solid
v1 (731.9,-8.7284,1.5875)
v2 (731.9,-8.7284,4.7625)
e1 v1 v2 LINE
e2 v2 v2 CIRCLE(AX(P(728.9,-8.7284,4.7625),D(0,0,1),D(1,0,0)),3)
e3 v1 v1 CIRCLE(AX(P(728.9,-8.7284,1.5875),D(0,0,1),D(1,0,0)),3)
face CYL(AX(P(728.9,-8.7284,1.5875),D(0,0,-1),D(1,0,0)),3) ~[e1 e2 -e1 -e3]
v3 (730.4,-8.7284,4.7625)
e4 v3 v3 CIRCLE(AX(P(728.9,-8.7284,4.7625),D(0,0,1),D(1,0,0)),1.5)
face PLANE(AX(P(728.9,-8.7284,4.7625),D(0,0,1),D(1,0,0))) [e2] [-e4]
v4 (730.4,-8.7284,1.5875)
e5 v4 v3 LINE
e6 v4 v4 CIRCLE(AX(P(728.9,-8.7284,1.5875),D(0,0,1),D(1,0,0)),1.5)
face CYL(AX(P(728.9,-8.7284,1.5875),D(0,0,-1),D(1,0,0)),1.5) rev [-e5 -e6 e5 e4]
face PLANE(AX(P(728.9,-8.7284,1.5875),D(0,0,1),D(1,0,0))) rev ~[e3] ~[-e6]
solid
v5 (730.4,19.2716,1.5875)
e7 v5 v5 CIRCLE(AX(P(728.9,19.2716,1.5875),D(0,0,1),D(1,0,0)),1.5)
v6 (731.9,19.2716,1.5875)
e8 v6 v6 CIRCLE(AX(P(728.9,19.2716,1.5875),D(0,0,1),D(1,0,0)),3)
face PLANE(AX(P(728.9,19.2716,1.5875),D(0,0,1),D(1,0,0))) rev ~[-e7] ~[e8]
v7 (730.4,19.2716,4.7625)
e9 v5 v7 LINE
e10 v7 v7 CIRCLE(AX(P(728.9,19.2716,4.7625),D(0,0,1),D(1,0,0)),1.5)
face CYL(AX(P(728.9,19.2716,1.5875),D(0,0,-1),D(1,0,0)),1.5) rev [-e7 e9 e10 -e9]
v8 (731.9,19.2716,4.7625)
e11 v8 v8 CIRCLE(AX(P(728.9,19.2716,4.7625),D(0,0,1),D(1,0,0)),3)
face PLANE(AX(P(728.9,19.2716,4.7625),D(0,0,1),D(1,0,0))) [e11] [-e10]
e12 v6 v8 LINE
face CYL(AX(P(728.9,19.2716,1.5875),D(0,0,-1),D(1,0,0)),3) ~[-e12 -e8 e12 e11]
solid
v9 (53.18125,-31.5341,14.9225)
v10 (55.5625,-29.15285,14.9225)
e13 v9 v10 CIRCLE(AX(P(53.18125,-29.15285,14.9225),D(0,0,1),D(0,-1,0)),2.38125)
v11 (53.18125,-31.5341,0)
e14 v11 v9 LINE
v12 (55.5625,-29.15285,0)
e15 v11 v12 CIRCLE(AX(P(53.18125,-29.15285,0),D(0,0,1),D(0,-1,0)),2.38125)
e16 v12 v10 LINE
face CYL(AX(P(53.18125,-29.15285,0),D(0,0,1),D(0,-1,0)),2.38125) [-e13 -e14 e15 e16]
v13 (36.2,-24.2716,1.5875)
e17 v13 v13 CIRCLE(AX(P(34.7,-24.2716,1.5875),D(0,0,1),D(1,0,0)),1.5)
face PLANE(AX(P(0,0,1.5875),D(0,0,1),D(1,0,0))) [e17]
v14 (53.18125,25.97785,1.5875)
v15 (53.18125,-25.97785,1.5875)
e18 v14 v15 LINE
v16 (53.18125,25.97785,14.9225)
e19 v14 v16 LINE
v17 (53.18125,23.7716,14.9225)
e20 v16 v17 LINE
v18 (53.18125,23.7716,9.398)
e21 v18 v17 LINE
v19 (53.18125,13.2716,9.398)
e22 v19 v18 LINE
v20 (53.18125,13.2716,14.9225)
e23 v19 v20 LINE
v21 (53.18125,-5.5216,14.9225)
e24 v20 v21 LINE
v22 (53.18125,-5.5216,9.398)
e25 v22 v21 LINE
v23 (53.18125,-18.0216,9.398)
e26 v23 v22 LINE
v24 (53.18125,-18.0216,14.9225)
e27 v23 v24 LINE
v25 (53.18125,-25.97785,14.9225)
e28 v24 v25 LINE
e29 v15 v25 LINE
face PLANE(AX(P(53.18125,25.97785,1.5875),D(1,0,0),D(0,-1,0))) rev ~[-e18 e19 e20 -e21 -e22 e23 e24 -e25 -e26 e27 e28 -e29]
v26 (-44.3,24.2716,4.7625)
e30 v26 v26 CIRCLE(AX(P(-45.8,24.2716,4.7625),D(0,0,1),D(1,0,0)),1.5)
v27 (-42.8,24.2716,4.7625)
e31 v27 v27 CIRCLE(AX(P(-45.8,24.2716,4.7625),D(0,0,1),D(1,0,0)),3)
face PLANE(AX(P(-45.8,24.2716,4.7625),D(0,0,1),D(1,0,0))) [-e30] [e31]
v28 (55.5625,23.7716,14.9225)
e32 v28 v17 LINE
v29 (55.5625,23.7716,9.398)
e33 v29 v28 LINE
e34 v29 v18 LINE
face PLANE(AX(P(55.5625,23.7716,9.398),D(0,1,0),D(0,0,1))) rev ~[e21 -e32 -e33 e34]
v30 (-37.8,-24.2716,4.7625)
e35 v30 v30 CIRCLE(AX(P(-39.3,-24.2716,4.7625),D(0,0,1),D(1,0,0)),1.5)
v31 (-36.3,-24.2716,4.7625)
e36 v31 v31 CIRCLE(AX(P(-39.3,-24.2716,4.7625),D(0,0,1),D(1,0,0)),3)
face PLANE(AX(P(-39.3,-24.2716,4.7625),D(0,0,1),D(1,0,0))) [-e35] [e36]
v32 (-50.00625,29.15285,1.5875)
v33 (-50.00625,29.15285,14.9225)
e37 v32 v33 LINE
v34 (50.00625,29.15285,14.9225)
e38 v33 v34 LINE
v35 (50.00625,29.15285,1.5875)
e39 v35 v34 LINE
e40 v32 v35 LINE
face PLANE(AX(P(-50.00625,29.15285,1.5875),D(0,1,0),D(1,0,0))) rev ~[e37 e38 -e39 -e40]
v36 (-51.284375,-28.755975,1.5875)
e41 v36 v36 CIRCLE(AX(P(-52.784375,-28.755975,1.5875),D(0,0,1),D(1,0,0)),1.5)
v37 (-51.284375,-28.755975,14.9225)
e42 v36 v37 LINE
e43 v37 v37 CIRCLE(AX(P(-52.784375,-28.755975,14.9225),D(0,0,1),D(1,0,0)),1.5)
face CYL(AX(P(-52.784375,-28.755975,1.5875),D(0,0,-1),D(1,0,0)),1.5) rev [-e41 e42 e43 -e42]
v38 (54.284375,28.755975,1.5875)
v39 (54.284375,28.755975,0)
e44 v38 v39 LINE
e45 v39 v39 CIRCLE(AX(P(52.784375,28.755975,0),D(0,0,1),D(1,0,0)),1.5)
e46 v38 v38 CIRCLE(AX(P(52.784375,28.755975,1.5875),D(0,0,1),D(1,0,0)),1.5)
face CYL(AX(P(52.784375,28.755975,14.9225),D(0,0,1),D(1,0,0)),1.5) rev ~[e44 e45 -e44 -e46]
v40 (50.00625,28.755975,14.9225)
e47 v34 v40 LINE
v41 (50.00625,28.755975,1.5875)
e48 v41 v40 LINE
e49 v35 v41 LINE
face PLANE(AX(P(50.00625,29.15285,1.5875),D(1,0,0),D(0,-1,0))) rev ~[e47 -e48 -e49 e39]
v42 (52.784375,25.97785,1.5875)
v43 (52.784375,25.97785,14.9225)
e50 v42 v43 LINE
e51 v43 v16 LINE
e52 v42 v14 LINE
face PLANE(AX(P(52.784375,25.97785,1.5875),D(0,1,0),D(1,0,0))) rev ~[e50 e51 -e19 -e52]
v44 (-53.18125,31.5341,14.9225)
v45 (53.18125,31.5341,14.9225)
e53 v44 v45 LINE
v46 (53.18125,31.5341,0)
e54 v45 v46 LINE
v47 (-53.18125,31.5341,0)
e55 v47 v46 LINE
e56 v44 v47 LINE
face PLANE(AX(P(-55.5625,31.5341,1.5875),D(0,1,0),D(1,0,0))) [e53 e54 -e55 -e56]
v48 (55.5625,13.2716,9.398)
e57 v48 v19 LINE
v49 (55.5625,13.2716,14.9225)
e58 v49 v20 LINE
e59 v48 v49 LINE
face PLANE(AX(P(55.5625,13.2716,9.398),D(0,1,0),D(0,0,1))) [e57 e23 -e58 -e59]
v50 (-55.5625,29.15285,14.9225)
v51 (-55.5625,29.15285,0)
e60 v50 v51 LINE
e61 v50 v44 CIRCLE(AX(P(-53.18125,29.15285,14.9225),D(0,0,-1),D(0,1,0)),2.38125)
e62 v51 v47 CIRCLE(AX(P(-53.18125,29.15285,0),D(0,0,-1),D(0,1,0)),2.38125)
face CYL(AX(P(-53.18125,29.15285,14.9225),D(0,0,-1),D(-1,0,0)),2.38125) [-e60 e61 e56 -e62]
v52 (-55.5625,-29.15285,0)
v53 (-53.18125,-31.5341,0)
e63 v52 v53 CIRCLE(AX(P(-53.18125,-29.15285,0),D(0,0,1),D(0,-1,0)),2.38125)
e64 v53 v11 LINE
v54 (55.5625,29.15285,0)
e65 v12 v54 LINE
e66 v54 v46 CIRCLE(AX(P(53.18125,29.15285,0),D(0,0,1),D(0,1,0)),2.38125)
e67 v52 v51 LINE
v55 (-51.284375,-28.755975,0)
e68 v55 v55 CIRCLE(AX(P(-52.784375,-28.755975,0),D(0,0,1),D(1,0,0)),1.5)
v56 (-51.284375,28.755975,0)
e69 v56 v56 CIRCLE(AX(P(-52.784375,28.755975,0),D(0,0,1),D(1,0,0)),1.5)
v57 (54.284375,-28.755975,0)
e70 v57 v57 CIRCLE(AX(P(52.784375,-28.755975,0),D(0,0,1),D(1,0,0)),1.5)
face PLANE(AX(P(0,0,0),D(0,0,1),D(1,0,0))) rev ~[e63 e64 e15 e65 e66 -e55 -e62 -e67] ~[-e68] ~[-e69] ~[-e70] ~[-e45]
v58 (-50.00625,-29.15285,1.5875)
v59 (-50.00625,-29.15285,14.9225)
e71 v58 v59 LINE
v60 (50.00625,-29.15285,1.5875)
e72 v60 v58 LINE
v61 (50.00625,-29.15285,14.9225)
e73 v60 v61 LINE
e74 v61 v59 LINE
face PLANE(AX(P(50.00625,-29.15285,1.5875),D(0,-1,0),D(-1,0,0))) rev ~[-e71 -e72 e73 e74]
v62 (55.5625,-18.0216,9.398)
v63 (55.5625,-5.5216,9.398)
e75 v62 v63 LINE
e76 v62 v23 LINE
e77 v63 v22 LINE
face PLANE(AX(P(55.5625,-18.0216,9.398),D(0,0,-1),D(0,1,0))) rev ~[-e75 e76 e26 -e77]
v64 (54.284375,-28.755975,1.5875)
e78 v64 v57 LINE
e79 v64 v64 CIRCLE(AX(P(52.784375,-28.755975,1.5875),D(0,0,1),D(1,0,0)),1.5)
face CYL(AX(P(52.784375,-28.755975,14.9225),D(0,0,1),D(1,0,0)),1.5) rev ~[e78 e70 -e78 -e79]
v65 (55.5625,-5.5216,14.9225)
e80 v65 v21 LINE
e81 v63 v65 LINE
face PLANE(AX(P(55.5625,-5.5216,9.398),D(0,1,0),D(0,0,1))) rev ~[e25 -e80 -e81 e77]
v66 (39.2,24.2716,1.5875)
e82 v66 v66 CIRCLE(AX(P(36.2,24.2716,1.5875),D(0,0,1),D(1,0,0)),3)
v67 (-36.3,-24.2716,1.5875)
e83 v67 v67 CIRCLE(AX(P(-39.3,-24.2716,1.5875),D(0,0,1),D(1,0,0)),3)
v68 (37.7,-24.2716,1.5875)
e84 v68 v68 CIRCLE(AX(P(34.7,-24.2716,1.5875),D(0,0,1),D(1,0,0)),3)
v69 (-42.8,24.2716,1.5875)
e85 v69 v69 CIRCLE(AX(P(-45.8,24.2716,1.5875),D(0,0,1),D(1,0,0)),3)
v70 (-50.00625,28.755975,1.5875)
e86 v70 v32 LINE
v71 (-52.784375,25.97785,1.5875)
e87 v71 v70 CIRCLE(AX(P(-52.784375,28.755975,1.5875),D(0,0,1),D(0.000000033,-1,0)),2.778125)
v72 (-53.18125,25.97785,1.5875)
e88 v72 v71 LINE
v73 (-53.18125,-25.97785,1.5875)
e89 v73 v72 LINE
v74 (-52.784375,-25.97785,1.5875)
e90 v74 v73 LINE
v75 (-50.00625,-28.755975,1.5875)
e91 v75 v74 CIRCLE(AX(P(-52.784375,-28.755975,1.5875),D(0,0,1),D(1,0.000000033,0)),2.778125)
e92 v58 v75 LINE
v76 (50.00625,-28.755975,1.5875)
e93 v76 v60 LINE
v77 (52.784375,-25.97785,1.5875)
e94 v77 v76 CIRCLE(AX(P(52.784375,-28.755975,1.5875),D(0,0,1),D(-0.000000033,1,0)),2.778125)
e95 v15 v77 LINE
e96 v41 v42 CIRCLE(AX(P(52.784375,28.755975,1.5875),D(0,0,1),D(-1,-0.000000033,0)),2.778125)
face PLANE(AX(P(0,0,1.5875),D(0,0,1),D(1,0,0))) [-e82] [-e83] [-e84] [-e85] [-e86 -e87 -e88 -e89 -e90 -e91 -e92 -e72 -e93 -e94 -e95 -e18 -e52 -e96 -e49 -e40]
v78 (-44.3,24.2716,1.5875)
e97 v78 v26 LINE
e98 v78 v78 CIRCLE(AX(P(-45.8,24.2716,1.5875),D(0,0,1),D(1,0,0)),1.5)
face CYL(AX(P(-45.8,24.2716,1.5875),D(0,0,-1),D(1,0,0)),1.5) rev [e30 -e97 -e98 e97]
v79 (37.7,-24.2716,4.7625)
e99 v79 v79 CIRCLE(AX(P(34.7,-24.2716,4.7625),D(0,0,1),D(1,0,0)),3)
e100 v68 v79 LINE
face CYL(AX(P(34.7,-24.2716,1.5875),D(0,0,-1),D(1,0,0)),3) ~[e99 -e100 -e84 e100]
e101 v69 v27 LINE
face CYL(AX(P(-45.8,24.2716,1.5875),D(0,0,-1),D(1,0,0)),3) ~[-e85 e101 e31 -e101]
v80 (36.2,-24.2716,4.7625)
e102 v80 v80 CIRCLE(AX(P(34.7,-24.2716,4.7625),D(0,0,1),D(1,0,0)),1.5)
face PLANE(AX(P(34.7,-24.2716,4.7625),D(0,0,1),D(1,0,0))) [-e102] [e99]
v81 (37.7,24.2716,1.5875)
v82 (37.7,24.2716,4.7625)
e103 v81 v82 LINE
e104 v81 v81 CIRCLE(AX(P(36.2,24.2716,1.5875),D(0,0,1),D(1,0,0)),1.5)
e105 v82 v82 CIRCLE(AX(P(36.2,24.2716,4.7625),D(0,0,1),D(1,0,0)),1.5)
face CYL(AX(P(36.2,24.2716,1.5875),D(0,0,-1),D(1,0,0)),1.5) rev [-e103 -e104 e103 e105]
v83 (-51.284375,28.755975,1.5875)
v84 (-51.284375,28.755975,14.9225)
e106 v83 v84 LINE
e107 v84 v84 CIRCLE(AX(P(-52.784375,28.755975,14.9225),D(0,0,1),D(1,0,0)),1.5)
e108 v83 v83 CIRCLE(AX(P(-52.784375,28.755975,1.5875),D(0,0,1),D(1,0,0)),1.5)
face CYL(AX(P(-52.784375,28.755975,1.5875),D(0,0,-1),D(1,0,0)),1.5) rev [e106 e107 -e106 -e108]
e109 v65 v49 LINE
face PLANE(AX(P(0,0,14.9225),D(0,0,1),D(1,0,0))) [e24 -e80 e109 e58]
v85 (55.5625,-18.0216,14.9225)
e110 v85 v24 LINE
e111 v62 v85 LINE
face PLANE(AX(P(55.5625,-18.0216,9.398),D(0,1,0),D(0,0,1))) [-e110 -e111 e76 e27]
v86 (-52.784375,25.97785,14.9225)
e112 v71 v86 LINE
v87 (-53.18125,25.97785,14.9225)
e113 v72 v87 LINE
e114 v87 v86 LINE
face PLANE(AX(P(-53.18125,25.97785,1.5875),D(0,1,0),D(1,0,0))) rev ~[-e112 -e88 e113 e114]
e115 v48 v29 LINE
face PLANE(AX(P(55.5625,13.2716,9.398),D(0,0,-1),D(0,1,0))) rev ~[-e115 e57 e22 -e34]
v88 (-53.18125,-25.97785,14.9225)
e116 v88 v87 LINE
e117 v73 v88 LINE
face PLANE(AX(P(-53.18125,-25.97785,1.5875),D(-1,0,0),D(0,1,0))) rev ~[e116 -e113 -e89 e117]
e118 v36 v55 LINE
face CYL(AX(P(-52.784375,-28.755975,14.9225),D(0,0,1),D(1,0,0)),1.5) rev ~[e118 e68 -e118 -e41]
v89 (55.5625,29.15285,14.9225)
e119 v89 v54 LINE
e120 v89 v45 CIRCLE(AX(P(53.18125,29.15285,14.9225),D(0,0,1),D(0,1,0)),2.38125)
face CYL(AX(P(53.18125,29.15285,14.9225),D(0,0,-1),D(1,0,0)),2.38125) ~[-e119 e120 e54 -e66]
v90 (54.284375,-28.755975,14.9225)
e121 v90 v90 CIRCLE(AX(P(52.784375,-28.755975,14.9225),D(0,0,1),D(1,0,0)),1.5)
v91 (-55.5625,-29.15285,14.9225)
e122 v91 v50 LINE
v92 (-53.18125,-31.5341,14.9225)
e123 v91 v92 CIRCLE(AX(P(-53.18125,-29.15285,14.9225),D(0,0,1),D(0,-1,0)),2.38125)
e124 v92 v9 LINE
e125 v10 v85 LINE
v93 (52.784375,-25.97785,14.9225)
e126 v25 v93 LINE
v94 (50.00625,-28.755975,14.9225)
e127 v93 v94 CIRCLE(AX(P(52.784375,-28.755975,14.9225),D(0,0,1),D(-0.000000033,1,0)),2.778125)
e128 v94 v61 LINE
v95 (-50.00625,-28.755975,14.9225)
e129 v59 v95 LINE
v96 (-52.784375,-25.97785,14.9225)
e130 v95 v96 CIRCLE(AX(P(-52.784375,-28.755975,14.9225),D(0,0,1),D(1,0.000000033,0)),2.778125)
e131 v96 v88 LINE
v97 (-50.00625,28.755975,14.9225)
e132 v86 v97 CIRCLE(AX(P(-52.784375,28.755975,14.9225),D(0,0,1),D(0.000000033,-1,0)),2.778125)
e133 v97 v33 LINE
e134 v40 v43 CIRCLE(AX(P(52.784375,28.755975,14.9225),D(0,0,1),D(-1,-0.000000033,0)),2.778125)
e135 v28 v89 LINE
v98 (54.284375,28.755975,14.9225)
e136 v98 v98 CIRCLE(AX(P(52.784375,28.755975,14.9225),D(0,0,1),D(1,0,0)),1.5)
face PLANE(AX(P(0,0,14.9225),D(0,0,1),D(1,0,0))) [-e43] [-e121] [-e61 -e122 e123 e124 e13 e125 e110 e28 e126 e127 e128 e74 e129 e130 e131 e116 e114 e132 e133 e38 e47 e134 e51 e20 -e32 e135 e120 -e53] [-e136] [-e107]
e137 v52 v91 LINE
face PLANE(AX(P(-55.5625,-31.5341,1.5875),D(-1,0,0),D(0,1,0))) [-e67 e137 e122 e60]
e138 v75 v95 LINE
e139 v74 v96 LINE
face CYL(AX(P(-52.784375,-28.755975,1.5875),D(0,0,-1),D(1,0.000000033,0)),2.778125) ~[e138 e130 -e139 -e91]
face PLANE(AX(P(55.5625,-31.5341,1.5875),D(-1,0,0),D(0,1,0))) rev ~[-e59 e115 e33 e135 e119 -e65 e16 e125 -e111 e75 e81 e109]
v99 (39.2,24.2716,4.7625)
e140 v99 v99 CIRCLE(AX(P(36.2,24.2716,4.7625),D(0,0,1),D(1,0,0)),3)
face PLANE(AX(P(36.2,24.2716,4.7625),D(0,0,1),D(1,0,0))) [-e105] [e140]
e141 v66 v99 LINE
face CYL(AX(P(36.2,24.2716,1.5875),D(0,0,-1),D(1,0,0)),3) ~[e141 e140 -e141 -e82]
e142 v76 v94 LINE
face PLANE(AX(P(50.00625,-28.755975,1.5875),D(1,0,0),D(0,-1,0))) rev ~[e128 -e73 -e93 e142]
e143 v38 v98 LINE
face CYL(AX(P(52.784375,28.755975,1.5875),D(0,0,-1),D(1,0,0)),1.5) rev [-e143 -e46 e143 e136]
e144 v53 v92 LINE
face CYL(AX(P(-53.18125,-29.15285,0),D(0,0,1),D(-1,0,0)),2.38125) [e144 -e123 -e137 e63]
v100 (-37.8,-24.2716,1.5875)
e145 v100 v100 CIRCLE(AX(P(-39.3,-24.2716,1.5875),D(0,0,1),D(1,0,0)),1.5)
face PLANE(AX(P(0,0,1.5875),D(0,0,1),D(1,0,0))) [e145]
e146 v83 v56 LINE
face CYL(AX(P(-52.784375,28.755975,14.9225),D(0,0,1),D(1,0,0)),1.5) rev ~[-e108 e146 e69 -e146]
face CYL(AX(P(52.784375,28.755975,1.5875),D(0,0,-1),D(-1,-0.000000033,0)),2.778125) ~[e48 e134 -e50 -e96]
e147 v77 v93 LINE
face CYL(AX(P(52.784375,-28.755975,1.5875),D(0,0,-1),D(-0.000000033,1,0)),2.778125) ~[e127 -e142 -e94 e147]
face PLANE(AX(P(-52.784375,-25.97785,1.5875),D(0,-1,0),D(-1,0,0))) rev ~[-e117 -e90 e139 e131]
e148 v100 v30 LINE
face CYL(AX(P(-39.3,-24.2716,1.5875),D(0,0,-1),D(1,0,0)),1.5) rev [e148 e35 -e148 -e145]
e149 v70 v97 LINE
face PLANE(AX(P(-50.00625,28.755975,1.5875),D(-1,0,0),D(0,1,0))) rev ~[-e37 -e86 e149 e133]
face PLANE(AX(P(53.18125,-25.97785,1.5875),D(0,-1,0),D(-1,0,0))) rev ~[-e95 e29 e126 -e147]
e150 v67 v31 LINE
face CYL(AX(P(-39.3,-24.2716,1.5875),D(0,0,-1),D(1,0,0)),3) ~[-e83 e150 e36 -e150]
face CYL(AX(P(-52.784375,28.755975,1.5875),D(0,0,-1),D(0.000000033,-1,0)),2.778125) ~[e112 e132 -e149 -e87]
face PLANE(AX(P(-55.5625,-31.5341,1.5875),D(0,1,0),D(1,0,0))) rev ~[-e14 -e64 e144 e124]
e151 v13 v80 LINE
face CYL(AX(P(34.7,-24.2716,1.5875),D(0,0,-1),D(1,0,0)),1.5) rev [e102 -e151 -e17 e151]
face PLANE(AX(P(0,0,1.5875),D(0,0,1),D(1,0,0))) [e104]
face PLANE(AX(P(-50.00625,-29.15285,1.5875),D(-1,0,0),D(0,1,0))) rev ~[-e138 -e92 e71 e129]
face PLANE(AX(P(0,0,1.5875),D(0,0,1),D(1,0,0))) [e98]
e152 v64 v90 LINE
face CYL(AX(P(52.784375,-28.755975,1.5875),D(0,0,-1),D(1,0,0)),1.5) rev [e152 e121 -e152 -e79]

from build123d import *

# Parameters (mm, degrees)
F1_W      = 111.125
F1_H      = 63.0682
F2_DEPTH  = 1.5875
F3_W      = 111.125
F3_H      = 63.0682
F3_R      = 1.5
F4_DEPTH  = 13.335
F5_R      = 2.38125
F6_W      = 12.5
F6_H      = 5.5245
F6_W_2    = 10.5
F7_DEPTH  = 2.38125
F8_R      = 3
F8_R_2    = 1.5
F9_DEPTH  = 3.175
F10_R     = 1.5
F11_DEPTH = 14.9235


with BuildPart() as f2:
    # F1 (on Top) → F2 (new body)
    with BuildSketch(Plane.XY):
        Rectangle(F1_W, F1_H)
    extrude(amount=F2_DEPTH)

    # F3 (on face) → F4 (join)
    with BuildSketch(Plane.XY.offset(1.5875)):
        Rectangle(F3_W, F3_H)
        with Locations((-52.784375, -28.755975)):
            Circle(F3_R, mode=Mode.SUBTRACT)
        with Locations((52.784375, -28.755975)):
            Circle(F3_R, mode=Mode.SUBTRACT)
        with BuildLine():
            Line((52.784375, 25.97785), (53.18125, 25.97785))
            Line((53.18125, 25.97785), (53.18125, -25.97785))
            Line((53.18125, -25.97785), (52.784375, -25.97785))
            ThreePointArc((52.784375, -25.97785), (50.819944, -26.791544), (50.00625, -28.755975))
            Line((50.00625, -28.755975), (50.00625, -29.15285))
            Line((50.00625, -29.15285), (-50.00625, -29.15285))
            Line((-50.00625, -29.15285), (-50.00625, -28.755975))
            ThreePointArc((-50.00625, -28.755975), (-50.819944, -26.791544), (-52.784375, -25.97785))
            Line((-52.784375, -25.97785), (-53.18125, -25.97785))
            Line((-53.18125, -25.97785), (-53.18125, 25.97785))
            Line((-53.18125, 25.97785), (-52.784375, 25.97785))
            ThreePointArc((-52.784375, 25.97785), (-50.819944, 26.791544), (-50.00625, 28.755975))
            Line((-50.00625, 28.755975), (-50.00625, 29.15285))
            Line((-50.00625, 29.15285), (50.00625, 29.15285))
            Line((50.00625, 29.15285), (50.00625, 28.755975))
            ThreePointArc((50.00625, 28.755975), (50.819944, 26.791544), (52.784375, 25.97785))
        make_face(mode=Mode.SUBTRACT)
        with Locations((-52.784375, 28.755975)):
            Circle(F3_R, mode=Mode.SUBTRACT)
        with Locations((52.784375, 28.755975)):
            Circle(F3_R, mode=Mode.SUBTRACT)
    extrude(amount=F4_DEPTH)

    # F5
    f5_edges = [f2.edges().sort_by_distance(p)[0] for p in [
        (55.5625, -31.5341, 7.46125),
        (55.5625, 31.5341, 7.46125),
        (-55.5625, -31.5341, 7.46125),
        (-55.5625, 31.5341, 7.46125),
    ]]
    fillet(f5_edges, radius=F5_R)

    # F6 (on face) → F7 (cut, through all)
    with BuildSketch(Plane.YZ.offset(55.5625)):
        with Locations((-11.7716, 12.16025)):
            Rectangle(F6_W, F6_H)
        with Locations((18.5216, 12.16025)):
            Rectangle(F6_W_2, F6_H)
    extrude(amount=-F7_DEPTH, mode=Mode.SUBTRACT)

    # F8 (on face) → F9 (join)
    with BuildSketch(Plane.XY.offset(1.5875)):
        with Locations((-45.8, 24.2716)):
            Circle(F8_R)
        with Locations((-45.8, 24.2716)):
            Circle(F8_R_2, mode=Mode.SUBTRACT)
        with Locations((-39.3, -24.2716)):
            Circle(F8_R)
        with Locations((-39.3, -24.2716)):
            Circle(F8_R_2, mode=Mode.SUBTRACT)
        with Locations((728.9, 19.2716)):
            Circle(F8_R)
        with Locations((728.9, 19.2716)):
            Circle(F8_R_2, mode=Mode.SUBTRACT)
        with Locations((728.9, -8.7284)):
            Circle(F8_R)
        with Locations((728.9, -8.7284)):
            Circle(F8_R_2, mode=Mode.SUBTRACT)
        with Locations((36.2, 24.2716)):
            Circle(F8_R)
        with Locations((36.2, 24.2716)):
            Circle(F8_R_2, mode=Mode.SUBTRACT)
        with Locations((34.7, -24.2716)):
            Circle(F8_R)
        with Locations((34.7, -24.2716)):
            Circle(F8_R_2, mode=Mode.SUBTRACT)
    extrude(amount=F9_DEPTH)

    # F10 (on face) → F11 (cut, through all)
    with BuildSketch(Plane.XY.offset(14.9225)):
        with Locations((-52.784375, 28.755975)):
            Circle(F10_R)
        with Locations((-52.784375, -28.755975)):
            Circle(F10_R)
        with Locations((52.784375, -28.755975)):
            Circle(F10_R)
        with Locations((52.784375, 28.755975)):
            Circle(F10_R)
    extrude(amount=-F11_DEPTH, mode=Mode.SUBTRACT)


solid = f2.part
